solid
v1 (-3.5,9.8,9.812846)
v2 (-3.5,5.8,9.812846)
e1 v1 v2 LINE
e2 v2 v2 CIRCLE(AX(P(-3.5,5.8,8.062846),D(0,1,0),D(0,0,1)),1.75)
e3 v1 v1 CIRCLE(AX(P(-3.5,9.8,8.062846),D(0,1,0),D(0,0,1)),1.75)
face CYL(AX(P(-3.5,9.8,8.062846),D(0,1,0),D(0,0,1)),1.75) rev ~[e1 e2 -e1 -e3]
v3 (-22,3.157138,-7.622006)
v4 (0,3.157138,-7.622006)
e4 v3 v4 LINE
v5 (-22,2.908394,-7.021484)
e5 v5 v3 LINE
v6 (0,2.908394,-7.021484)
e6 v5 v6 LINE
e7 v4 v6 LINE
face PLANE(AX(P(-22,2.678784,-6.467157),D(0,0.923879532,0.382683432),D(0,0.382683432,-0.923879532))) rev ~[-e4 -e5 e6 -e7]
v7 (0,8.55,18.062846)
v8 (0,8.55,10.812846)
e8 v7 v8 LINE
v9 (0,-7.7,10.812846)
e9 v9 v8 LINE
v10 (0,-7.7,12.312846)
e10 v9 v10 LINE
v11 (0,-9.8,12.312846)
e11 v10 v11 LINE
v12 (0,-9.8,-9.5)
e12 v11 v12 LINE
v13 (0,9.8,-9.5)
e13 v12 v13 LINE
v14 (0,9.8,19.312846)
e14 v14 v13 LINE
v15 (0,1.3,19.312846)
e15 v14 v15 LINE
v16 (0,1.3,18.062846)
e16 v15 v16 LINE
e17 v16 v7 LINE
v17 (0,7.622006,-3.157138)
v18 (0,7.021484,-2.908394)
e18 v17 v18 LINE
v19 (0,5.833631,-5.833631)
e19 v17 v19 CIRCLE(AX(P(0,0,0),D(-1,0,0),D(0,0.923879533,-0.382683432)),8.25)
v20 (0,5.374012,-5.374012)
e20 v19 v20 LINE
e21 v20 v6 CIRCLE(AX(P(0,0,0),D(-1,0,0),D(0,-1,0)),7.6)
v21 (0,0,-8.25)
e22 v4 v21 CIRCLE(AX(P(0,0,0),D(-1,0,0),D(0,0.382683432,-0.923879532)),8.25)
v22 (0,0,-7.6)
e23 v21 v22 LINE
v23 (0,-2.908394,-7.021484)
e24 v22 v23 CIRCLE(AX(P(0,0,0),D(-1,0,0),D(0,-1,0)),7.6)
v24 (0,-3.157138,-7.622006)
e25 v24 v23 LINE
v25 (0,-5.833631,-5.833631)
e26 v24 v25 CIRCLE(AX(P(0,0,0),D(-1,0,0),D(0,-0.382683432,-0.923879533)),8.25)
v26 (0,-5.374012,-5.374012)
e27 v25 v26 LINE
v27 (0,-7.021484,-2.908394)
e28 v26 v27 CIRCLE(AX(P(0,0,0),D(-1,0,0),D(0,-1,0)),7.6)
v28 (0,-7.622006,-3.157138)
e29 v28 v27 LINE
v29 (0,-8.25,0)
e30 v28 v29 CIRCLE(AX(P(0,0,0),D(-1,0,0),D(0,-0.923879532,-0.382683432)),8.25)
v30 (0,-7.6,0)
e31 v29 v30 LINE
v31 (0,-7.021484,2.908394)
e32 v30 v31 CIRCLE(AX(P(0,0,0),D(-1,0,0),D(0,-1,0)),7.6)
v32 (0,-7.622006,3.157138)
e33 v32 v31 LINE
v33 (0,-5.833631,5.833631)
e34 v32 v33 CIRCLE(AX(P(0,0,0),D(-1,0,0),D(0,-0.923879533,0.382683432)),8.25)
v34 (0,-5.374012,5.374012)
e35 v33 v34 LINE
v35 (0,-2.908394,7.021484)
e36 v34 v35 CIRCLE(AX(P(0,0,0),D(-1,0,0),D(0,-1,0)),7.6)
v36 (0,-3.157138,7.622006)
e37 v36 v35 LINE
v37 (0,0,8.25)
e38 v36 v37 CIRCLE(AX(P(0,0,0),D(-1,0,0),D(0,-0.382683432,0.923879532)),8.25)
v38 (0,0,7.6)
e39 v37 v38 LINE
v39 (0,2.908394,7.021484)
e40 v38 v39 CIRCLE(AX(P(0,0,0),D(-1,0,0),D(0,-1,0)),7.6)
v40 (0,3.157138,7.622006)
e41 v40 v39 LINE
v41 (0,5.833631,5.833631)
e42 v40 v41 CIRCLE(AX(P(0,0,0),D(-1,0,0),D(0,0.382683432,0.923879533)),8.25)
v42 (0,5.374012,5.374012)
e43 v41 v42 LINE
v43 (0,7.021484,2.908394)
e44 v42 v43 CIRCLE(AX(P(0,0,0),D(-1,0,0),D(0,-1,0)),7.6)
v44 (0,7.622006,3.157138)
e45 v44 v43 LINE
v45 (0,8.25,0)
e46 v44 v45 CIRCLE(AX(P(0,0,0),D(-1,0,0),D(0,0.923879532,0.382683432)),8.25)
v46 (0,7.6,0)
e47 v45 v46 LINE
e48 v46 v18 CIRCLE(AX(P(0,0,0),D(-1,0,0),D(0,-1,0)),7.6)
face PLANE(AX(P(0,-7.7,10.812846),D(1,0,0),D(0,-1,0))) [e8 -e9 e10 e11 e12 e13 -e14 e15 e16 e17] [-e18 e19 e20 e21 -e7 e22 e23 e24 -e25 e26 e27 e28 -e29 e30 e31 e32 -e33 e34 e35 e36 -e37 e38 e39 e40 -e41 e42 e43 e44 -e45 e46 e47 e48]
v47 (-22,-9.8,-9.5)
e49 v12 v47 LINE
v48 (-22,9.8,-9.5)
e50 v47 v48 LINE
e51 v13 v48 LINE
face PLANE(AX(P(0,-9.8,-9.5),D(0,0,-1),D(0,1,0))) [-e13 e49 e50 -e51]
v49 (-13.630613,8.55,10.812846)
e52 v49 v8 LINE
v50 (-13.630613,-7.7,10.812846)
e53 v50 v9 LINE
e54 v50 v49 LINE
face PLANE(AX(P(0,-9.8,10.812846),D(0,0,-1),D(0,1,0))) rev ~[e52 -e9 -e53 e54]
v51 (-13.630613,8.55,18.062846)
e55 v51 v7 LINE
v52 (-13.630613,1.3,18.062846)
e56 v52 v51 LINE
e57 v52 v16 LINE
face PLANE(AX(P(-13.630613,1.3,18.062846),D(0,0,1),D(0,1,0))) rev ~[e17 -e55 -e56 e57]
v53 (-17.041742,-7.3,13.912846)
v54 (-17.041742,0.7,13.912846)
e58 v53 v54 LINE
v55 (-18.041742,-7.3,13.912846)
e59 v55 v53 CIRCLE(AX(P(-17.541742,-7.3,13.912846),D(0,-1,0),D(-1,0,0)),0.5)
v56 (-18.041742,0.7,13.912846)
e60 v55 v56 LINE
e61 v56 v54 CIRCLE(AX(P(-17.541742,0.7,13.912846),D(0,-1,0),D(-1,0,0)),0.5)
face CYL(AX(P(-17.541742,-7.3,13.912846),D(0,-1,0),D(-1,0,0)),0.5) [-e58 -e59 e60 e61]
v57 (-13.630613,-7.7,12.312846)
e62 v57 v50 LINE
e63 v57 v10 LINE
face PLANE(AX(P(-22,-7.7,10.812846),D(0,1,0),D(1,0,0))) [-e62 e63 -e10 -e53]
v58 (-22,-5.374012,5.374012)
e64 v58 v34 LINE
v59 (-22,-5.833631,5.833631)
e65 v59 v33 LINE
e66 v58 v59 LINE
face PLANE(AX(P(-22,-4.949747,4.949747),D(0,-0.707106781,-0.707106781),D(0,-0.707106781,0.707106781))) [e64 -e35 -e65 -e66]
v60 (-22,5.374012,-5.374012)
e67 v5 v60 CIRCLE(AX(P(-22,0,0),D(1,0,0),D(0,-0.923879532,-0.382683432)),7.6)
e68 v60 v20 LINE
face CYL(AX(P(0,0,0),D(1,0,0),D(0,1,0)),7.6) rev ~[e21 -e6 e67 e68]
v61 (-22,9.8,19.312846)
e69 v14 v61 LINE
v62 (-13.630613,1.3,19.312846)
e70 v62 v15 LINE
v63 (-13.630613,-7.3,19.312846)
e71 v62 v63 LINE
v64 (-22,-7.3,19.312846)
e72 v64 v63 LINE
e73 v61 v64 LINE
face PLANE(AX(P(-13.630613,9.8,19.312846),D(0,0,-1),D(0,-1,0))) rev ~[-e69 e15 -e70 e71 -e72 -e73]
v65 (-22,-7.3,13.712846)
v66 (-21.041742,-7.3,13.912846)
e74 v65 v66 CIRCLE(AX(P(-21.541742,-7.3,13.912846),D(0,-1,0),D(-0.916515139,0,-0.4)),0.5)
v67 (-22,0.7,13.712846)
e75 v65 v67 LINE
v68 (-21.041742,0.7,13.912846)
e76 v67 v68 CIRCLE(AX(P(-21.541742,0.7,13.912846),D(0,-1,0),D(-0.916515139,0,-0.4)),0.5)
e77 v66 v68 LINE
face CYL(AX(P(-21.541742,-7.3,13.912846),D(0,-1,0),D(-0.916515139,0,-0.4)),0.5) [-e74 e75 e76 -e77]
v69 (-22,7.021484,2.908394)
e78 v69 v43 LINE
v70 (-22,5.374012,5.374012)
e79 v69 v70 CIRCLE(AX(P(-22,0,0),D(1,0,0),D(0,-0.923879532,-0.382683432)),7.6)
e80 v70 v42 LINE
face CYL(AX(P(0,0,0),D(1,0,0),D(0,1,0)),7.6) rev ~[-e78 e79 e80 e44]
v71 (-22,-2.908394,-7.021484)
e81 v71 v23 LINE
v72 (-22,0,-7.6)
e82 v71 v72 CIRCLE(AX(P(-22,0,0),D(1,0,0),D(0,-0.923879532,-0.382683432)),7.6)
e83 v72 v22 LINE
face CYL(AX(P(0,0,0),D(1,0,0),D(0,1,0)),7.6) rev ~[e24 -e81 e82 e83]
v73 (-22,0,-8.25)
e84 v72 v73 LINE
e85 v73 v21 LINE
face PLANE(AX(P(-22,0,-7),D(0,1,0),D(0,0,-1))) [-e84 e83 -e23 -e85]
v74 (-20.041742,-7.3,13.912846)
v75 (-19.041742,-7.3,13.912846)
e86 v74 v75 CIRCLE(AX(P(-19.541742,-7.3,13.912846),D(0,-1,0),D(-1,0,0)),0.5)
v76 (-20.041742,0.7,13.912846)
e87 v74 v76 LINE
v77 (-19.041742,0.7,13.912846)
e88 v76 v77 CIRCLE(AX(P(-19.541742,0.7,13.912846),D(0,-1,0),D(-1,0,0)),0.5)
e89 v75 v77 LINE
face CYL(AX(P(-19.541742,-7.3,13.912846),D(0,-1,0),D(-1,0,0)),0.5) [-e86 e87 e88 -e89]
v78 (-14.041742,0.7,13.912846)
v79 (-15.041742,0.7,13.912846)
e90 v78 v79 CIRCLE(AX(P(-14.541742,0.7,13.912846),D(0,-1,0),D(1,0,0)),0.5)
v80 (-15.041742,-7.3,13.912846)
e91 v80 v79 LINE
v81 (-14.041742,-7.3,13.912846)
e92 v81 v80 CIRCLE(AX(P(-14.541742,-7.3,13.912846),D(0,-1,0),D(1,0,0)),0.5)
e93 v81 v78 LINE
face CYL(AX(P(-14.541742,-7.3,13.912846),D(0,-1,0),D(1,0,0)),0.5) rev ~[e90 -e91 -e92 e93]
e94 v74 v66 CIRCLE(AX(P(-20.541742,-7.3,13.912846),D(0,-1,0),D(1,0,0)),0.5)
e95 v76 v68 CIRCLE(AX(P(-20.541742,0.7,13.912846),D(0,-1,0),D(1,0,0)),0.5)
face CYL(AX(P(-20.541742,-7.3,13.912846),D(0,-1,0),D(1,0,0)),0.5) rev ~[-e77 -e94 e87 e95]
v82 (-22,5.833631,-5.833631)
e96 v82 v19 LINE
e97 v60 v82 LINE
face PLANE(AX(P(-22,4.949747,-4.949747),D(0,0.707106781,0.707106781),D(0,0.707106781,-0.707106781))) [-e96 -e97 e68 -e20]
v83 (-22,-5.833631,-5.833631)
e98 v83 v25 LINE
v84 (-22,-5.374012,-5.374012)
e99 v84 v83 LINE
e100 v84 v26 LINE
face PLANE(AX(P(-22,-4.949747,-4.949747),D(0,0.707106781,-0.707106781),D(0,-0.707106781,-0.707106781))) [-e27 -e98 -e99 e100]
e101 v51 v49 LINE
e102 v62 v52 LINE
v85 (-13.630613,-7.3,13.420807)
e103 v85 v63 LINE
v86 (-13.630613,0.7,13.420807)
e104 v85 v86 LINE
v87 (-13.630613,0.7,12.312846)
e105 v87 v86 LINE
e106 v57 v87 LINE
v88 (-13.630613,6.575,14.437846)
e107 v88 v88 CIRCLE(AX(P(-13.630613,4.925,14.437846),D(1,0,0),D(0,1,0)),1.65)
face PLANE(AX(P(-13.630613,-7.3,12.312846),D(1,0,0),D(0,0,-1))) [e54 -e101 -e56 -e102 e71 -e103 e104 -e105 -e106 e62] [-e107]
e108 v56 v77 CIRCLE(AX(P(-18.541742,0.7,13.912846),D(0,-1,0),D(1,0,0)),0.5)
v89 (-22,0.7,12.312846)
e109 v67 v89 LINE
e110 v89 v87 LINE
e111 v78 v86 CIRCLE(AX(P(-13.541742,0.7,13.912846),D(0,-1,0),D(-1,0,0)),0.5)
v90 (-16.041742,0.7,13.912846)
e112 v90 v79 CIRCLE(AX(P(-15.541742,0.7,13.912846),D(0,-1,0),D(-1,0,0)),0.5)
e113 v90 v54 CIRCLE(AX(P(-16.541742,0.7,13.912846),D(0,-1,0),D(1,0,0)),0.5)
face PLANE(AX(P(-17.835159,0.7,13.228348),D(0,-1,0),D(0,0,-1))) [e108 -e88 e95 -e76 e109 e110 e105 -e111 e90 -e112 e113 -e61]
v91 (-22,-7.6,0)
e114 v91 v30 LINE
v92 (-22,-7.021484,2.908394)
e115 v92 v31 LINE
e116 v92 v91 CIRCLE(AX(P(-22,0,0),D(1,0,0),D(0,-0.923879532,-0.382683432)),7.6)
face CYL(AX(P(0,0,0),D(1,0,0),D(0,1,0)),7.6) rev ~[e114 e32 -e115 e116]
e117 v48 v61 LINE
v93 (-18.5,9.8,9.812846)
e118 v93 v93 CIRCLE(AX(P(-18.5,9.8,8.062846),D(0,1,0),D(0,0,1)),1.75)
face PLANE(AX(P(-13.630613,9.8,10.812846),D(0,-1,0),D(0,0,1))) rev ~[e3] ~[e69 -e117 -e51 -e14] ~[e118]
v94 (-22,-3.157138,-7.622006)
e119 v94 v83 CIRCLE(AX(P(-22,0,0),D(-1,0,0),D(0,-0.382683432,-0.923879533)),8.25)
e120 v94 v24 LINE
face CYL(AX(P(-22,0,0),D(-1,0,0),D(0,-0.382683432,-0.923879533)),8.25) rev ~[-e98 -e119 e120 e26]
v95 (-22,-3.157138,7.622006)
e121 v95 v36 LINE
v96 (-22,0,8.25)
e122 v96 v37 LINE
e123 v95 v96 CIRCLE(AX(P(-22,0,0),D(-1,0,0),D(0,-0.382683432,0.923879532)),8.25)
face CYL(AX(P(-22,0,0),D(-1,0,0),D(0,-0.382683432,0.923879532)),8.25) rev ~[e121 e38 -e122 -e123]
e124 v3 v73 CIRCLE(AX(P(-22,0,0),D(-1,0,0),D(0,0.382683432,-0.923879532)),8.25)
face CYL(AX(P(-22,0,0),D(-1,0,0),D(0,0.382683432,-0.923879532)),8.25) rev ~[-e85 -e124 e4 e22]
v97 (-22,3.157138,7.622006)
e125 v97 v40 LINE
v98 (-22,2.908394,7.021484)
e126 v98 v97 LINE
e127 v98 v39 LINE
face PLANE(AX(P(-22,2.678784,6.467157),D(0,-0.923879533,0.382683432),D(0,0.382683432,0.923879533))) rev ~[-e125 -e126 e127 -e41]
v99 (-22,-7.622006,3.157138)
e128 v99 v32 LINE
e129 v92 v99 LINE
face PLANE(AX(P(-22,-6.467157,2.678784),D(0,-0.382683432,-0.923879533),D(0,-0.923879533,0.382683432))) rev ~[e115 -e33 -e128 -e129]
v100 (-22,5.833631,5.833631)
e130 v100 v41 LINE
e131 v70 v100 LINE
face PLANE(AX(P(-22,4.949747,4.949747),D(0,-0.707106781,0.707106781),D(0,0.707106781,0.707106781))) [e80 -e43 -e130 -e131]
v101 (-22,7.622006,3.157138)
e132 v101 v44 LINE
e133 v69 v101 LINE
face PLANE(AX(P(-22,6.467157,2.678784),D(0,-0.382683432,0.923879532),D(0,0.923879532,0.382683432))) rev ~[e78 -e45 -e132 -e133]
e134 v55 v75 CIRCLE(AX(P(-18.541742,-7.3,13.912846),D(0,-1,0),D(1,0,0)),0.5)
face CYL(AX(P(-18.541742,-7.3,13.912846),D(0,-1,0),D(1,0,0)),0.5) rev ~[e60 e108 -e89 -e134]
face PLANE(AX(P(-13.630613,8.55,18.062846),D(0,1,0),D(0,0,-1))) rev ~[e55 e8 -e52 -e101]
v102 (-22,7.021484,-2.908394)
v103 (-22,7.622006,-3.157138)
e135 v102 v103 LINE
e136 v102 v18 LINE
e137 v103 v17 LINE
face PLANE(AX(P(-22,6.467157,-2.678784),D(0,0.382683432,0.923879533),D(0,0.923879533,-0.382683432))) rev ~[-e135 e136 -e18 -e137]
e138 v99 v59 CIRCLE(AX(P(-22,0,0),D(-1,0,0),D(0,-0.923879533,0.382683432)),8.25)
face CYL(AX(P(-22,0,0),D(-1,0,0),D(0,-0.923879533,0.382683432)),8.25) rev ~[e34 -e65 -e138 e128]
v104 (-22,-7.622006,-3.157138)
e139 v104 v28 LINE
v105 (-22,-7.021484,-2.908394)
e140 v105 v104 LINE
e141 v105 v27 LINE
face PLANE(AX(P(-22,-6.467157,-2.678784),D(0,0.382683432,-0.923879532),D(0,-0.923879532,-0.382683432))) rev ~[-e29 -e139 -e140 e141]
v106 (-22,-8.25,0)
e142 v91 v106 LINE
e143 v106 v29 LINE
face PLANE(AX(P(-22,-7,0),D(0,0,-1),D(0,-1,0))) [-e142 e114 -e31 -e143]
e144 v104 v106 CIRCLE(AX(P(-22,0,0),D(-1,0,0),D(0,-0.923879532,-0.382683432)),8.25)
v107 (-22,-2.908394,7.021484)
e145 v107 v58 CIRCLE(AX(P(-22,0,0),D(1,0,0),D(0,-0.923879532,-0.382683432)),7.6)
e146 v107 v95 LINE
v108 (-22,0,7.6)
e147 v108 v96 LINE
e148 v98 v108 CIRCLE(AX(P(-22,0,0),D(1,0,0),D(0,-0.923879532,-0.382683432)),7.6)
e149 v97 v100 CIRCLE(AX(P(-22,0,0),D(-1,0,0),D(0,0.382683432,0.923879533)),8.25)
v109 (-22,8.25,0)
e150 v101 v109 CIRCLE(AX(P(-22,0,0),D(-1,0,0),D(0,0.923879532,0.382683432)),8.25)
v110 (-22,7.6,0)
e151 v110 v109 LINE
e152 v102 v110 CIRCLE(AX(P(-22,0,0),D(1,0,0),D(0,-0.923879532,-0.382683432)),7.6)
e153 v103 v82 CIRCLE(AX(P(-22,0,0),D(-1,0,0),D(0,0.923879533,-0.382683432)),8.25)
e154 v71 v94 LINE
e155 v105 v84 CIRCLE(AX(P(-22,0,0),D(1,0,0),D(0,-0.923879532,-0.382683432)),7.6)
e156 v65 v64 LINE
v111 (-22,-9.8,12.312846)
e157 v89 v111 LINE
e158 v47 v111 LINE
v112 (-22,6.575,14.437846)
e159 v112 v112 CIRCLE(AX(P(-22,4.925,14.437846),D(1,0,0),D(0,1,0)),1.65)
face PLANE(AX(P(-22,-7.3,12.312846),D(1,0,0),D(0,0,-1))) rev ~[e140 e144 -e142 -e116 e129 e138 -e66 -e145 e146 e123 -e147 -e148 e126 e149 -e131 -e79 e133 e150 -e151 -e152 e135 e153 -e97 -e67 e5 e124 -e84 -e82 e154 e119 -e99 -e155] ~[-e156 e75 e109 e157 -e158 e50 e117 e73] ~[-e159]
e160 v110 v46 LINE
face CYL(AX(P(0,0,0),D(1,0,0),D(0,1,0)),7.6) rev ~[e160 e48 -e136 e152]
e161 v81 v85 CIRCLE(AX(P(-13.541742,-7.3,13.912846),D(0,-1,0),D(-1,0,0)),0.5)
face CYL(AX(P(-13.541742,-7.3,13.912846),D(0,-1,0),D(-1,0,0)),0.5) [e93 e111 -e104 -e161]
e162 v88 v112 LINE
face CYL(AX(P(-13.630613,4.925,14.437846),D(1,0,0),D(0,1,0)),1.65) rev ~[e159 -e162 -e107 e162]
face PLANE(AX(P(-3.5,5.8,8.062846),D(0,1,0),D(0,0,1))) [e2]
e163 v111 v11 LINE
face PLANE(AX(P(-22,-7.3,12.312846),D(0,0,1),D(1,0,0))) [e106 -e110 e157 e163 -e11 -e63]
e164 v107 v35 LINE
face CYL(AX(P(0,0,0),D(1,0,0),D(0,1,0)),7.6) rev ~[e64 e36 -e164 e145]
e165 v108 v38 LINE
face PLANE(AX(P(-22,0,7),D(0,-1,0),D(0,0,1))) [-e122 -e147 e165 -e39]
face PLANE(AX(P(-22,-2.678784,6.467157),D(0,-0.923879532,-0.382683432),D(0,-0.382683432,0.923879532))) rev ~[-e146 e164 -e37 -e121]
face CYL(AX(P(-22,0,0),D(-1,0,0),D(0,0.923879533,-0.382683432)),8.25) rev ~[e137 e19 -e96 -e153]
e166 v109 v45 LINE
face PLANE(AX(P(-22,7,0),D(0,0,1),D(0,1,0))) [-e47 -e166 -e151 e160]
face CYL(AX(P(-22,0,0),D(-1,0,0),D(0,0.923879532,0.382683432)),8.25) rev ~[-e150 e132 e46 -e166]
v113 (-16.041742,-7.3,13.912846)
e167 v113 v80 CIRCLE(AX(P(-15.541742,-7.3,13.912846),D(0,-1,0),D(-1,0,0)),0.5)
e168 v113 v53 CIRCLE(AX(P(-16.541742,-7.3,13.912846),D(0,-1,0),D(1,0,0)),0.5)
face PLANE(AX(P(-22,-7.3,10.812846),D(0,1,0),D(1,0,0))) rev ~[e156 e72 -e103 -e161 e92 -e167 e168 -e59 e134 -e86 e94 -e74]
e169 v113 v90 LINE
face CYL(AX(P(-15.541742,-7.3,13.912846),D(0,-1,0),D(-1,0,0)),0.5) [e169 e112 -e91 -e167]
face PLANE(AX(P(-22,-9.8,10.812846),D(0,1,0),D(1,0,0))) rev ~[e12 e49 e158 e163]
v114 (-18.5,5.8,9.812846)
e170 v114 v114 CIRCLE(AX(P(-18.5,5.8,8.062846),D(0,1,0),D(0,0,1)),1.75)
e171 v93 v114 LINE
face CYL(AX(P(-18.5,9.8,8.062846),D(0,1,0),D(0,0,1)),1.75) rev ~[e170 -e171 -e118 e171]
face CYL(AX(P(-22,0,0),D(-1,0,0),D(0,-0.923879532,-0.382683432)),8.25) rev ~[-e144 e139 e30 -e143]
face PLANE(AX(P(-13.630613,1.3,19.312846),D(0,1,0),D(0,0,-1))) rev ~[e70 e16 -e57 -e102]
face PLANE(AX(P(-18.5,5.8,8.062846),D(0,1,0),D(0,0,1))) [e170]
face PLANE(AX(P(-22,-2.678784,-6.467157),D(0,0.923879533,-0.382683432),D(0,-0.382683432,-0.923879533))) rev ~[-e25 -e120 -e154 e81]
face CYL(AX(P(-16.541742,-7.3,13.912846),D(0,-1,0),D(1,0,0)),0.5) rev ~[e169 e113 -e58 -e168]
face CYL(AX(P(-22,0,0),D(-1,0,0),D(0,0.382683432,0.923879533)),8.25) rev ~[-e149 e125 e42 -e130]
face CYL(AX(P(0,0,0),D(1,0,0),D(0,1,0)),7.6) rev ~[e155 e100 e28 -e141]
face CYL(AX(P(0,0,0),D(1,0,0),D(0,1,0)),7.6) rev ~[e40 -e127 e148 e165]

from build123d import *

# Parameters (mm, degrees)
SKETCH_W           = 19.6
SKETCH_H           = 20.312846
SKETCH_R           = 7.6
PAD_DEPTH          = 22
SKETCH002_W        = 17.1
SKETCH002_H        = 8.369387
PAD001_DEPTH       = 8.5
POCKET_DEPTH       = 8
PAD002_DEPTH       = 13.630613
SKETCH005_R        = 1.65
POCKET001_DEPTH    = 8.370387
POCKET002_DEPTH    = 104.4228440614
POLARPATTERN_COUNT = 8
SKETCH010_W        = 2.1
SKETCH010_H        = 22
PAD004_DEPTH       = 1.5
SKETCH011_W        = 1.5
SKETCH011_H        = 8.369387
PAD005_DEPTH       = 0.4
SKETCH012_R        = 1.75
POCKET005_DEPTH    = 4


with BuildPart() as part:
    # Sketch → Pad (new body)
    with BuildSketch(Plane.YZ):
        with Locations((0, 0.656423)):
            Rectangle(SKETCH_W, SKETCH_H)
        Circle(SKETCH_R, mode=Mode.SUBTRACT)
    extrude(amount=-PAD_DEPTH)

    # Sketch002 → Pad001 (join)
    with BuildSketch(Plane(origin=(0, 0, 10.812846), x_dir=(0, -1, 0), z_dir=(0, 0, 1))):
        with Locations((-1.25, -17.8153065)):
            Rectangle(SKETCH002_W, SKETCH002_H)
    extrude(amount=PAD001_DEPTH)

    # Sketch003 → Pocket (cut)
    with BuildSketch(Plane(origin=(0, -7.3, 0), x_dir=(0, 0, -1), z_dir=(0, -1, 0))):
        with BuildLine():
            Line((-12.312846, -22), (-12.312846, -13.630613))
            Line((-12.312846, -13.630613), (-13.4208073614, -13.630613))
            ThreePointArc((-13.912846, -14.0417424305), (-13.5922491229, -13.9254319435), (-13.4208073614, -13.630613))
            ThreePointArc((-13.912846, -14.0417424305), (-14.412846, -14.5417424305), (-13.912846, -15.0417424305))
            ThreePointArc((-13.912846, -16.0417424305), (-13.412846, -15.5417424305), (-13.912846, -15.0417424305))
            ThreePointArc((-13.912846, -16.0417424305), (-14.412846, -16.5417424305), (-13.912846, -17.0417424305))
            ThreePointArc((-13.912846, -18.0417424305), (-13.412846, -17.5417424305), (-13.912846, -17.0417424305))
            ThreePointArc((-13.912846, -18.0417424305), (-14.412846, -18.5417424305), (-13.912846, -19.0417424305))
            ThreePointArc((-13.912846, -20.0417424305), (-13.412846, -19.5417424305), (-13.912846, -19.0417424305))
            ThreePointArc((-13.912846, -20.0417424305), (-14.412846, -20.5417424305), (-13.912846, -21.0417424305))
            ThreePointArc((-13.712846, -22), (-13.4233928435, -21.4395876087), (-13.912846, -21.0417424305))
            Line((-13.712846, -22), (-12.312846, -22))
        make_face()
    extrude(amount=-POCKET_DEPTH, mode=Mode.SUBTRACT)

    # Sketch004 (on Face7 of Pocket) → Pad002 (join)
    with BuildSketch(Plane.YZ.offset(-13.630613)):
        Polygon((9.8, 19.312846), (1.3, 19.312846), (1.3, 18.062846), (8.55, 18.062846), (8.55, 10.812846), (9.8, 10.812846), align=None)
    extrude(amount=PAD002_DEPTH)

    # Sketch005 (on Face7 of Pad002) → Pocket001 (cut, through all)
    with BuildSketch(Plane.YZ.offset(-13.630613)):
        with Locations((4.925, 14.437846)):
            Circle(SKETCH005_R)
    extrude(amount=-POCKET001_DEPTH, mode=Mode.SUBTRACT)

    # Sketch006 (on Face5 of Pocket001) → Pocket002 (cut, through all)
    with BuildSketch(Plane(origin=(-22, 0, 0), x_dir=(0, 1, 0), z_dir=(-1, 0, 0))):
        with BuildLine():
            ThreePointArc((-7.622006143, 3.1571383175), (-8.0914785633, 1.6094951569), (-8.25, 0))
            Line((-7, 0), (-8.25, 0))
            ThreePointArc((-6.4671567274, 2.678784027), (-6.8654969628, 1.3656322543), (-7, 0))
            Line((-6.4671567274, 2.678784027), (-7.622006143, 3.1571383175))
        make_face()
    pocket002 = extrude(amount=-POCKET002_DEPTH, mode=Mode.SUBTRACT)

    # PolarPattern: Pocket002 ×8 about axis
    polarpattern_axis = Axis((0, 0, 0), (1, 0, 0))
    for i in range(1, POLARPATTERN_COUNT):
        add(pocket002.rotate(polarpattern_axis, i * 360 / POLARPATTERN_COUNT), mode=Mode.SUBTRACT)

    # Sketch010 (on Face2 of PolarPattern) → Pad004 (join)
    with BuildSketch(Plane(origin=(0, 0, 10.812846), x_dir=(0, -1, 0), z_dir=(0, 0, 1))):
        with Locations((8.75, -11)):
            Rectangle(SKETCH010_W, SKETCH010_H)
    extrude(amount=PAD004_DEPTH)

    # Sketch011 (on Face52 of Pad004) → Pad005 (join)
    with BuildSketch(Plane(origin=(0, -7.3, 0), x_dir=(0, 0, -1), z_dir=(0, -1, 0))):
        with Locations((-11.562846, -17.8153065)):
            Rectangle(SKETCH011_W, SKETCH011_H)
    extrude(amount=PAD005_DEPTH)

    # Sketch012 (on Face2 of Pad005) → Pocket005 (cut)
    with BuildSketch(Plane.ZX.offset(9.8)):
        with Locations((8.062846, -3.5)):
            Circle(SKETCH012_R)
        with Locations((8.062846, -18.5)):
            Circle(SKETCH012_R)
    extrude(amount=-POCKET005_DEPTH, mode=Mode.SUBTRACT)


solid = part.part
